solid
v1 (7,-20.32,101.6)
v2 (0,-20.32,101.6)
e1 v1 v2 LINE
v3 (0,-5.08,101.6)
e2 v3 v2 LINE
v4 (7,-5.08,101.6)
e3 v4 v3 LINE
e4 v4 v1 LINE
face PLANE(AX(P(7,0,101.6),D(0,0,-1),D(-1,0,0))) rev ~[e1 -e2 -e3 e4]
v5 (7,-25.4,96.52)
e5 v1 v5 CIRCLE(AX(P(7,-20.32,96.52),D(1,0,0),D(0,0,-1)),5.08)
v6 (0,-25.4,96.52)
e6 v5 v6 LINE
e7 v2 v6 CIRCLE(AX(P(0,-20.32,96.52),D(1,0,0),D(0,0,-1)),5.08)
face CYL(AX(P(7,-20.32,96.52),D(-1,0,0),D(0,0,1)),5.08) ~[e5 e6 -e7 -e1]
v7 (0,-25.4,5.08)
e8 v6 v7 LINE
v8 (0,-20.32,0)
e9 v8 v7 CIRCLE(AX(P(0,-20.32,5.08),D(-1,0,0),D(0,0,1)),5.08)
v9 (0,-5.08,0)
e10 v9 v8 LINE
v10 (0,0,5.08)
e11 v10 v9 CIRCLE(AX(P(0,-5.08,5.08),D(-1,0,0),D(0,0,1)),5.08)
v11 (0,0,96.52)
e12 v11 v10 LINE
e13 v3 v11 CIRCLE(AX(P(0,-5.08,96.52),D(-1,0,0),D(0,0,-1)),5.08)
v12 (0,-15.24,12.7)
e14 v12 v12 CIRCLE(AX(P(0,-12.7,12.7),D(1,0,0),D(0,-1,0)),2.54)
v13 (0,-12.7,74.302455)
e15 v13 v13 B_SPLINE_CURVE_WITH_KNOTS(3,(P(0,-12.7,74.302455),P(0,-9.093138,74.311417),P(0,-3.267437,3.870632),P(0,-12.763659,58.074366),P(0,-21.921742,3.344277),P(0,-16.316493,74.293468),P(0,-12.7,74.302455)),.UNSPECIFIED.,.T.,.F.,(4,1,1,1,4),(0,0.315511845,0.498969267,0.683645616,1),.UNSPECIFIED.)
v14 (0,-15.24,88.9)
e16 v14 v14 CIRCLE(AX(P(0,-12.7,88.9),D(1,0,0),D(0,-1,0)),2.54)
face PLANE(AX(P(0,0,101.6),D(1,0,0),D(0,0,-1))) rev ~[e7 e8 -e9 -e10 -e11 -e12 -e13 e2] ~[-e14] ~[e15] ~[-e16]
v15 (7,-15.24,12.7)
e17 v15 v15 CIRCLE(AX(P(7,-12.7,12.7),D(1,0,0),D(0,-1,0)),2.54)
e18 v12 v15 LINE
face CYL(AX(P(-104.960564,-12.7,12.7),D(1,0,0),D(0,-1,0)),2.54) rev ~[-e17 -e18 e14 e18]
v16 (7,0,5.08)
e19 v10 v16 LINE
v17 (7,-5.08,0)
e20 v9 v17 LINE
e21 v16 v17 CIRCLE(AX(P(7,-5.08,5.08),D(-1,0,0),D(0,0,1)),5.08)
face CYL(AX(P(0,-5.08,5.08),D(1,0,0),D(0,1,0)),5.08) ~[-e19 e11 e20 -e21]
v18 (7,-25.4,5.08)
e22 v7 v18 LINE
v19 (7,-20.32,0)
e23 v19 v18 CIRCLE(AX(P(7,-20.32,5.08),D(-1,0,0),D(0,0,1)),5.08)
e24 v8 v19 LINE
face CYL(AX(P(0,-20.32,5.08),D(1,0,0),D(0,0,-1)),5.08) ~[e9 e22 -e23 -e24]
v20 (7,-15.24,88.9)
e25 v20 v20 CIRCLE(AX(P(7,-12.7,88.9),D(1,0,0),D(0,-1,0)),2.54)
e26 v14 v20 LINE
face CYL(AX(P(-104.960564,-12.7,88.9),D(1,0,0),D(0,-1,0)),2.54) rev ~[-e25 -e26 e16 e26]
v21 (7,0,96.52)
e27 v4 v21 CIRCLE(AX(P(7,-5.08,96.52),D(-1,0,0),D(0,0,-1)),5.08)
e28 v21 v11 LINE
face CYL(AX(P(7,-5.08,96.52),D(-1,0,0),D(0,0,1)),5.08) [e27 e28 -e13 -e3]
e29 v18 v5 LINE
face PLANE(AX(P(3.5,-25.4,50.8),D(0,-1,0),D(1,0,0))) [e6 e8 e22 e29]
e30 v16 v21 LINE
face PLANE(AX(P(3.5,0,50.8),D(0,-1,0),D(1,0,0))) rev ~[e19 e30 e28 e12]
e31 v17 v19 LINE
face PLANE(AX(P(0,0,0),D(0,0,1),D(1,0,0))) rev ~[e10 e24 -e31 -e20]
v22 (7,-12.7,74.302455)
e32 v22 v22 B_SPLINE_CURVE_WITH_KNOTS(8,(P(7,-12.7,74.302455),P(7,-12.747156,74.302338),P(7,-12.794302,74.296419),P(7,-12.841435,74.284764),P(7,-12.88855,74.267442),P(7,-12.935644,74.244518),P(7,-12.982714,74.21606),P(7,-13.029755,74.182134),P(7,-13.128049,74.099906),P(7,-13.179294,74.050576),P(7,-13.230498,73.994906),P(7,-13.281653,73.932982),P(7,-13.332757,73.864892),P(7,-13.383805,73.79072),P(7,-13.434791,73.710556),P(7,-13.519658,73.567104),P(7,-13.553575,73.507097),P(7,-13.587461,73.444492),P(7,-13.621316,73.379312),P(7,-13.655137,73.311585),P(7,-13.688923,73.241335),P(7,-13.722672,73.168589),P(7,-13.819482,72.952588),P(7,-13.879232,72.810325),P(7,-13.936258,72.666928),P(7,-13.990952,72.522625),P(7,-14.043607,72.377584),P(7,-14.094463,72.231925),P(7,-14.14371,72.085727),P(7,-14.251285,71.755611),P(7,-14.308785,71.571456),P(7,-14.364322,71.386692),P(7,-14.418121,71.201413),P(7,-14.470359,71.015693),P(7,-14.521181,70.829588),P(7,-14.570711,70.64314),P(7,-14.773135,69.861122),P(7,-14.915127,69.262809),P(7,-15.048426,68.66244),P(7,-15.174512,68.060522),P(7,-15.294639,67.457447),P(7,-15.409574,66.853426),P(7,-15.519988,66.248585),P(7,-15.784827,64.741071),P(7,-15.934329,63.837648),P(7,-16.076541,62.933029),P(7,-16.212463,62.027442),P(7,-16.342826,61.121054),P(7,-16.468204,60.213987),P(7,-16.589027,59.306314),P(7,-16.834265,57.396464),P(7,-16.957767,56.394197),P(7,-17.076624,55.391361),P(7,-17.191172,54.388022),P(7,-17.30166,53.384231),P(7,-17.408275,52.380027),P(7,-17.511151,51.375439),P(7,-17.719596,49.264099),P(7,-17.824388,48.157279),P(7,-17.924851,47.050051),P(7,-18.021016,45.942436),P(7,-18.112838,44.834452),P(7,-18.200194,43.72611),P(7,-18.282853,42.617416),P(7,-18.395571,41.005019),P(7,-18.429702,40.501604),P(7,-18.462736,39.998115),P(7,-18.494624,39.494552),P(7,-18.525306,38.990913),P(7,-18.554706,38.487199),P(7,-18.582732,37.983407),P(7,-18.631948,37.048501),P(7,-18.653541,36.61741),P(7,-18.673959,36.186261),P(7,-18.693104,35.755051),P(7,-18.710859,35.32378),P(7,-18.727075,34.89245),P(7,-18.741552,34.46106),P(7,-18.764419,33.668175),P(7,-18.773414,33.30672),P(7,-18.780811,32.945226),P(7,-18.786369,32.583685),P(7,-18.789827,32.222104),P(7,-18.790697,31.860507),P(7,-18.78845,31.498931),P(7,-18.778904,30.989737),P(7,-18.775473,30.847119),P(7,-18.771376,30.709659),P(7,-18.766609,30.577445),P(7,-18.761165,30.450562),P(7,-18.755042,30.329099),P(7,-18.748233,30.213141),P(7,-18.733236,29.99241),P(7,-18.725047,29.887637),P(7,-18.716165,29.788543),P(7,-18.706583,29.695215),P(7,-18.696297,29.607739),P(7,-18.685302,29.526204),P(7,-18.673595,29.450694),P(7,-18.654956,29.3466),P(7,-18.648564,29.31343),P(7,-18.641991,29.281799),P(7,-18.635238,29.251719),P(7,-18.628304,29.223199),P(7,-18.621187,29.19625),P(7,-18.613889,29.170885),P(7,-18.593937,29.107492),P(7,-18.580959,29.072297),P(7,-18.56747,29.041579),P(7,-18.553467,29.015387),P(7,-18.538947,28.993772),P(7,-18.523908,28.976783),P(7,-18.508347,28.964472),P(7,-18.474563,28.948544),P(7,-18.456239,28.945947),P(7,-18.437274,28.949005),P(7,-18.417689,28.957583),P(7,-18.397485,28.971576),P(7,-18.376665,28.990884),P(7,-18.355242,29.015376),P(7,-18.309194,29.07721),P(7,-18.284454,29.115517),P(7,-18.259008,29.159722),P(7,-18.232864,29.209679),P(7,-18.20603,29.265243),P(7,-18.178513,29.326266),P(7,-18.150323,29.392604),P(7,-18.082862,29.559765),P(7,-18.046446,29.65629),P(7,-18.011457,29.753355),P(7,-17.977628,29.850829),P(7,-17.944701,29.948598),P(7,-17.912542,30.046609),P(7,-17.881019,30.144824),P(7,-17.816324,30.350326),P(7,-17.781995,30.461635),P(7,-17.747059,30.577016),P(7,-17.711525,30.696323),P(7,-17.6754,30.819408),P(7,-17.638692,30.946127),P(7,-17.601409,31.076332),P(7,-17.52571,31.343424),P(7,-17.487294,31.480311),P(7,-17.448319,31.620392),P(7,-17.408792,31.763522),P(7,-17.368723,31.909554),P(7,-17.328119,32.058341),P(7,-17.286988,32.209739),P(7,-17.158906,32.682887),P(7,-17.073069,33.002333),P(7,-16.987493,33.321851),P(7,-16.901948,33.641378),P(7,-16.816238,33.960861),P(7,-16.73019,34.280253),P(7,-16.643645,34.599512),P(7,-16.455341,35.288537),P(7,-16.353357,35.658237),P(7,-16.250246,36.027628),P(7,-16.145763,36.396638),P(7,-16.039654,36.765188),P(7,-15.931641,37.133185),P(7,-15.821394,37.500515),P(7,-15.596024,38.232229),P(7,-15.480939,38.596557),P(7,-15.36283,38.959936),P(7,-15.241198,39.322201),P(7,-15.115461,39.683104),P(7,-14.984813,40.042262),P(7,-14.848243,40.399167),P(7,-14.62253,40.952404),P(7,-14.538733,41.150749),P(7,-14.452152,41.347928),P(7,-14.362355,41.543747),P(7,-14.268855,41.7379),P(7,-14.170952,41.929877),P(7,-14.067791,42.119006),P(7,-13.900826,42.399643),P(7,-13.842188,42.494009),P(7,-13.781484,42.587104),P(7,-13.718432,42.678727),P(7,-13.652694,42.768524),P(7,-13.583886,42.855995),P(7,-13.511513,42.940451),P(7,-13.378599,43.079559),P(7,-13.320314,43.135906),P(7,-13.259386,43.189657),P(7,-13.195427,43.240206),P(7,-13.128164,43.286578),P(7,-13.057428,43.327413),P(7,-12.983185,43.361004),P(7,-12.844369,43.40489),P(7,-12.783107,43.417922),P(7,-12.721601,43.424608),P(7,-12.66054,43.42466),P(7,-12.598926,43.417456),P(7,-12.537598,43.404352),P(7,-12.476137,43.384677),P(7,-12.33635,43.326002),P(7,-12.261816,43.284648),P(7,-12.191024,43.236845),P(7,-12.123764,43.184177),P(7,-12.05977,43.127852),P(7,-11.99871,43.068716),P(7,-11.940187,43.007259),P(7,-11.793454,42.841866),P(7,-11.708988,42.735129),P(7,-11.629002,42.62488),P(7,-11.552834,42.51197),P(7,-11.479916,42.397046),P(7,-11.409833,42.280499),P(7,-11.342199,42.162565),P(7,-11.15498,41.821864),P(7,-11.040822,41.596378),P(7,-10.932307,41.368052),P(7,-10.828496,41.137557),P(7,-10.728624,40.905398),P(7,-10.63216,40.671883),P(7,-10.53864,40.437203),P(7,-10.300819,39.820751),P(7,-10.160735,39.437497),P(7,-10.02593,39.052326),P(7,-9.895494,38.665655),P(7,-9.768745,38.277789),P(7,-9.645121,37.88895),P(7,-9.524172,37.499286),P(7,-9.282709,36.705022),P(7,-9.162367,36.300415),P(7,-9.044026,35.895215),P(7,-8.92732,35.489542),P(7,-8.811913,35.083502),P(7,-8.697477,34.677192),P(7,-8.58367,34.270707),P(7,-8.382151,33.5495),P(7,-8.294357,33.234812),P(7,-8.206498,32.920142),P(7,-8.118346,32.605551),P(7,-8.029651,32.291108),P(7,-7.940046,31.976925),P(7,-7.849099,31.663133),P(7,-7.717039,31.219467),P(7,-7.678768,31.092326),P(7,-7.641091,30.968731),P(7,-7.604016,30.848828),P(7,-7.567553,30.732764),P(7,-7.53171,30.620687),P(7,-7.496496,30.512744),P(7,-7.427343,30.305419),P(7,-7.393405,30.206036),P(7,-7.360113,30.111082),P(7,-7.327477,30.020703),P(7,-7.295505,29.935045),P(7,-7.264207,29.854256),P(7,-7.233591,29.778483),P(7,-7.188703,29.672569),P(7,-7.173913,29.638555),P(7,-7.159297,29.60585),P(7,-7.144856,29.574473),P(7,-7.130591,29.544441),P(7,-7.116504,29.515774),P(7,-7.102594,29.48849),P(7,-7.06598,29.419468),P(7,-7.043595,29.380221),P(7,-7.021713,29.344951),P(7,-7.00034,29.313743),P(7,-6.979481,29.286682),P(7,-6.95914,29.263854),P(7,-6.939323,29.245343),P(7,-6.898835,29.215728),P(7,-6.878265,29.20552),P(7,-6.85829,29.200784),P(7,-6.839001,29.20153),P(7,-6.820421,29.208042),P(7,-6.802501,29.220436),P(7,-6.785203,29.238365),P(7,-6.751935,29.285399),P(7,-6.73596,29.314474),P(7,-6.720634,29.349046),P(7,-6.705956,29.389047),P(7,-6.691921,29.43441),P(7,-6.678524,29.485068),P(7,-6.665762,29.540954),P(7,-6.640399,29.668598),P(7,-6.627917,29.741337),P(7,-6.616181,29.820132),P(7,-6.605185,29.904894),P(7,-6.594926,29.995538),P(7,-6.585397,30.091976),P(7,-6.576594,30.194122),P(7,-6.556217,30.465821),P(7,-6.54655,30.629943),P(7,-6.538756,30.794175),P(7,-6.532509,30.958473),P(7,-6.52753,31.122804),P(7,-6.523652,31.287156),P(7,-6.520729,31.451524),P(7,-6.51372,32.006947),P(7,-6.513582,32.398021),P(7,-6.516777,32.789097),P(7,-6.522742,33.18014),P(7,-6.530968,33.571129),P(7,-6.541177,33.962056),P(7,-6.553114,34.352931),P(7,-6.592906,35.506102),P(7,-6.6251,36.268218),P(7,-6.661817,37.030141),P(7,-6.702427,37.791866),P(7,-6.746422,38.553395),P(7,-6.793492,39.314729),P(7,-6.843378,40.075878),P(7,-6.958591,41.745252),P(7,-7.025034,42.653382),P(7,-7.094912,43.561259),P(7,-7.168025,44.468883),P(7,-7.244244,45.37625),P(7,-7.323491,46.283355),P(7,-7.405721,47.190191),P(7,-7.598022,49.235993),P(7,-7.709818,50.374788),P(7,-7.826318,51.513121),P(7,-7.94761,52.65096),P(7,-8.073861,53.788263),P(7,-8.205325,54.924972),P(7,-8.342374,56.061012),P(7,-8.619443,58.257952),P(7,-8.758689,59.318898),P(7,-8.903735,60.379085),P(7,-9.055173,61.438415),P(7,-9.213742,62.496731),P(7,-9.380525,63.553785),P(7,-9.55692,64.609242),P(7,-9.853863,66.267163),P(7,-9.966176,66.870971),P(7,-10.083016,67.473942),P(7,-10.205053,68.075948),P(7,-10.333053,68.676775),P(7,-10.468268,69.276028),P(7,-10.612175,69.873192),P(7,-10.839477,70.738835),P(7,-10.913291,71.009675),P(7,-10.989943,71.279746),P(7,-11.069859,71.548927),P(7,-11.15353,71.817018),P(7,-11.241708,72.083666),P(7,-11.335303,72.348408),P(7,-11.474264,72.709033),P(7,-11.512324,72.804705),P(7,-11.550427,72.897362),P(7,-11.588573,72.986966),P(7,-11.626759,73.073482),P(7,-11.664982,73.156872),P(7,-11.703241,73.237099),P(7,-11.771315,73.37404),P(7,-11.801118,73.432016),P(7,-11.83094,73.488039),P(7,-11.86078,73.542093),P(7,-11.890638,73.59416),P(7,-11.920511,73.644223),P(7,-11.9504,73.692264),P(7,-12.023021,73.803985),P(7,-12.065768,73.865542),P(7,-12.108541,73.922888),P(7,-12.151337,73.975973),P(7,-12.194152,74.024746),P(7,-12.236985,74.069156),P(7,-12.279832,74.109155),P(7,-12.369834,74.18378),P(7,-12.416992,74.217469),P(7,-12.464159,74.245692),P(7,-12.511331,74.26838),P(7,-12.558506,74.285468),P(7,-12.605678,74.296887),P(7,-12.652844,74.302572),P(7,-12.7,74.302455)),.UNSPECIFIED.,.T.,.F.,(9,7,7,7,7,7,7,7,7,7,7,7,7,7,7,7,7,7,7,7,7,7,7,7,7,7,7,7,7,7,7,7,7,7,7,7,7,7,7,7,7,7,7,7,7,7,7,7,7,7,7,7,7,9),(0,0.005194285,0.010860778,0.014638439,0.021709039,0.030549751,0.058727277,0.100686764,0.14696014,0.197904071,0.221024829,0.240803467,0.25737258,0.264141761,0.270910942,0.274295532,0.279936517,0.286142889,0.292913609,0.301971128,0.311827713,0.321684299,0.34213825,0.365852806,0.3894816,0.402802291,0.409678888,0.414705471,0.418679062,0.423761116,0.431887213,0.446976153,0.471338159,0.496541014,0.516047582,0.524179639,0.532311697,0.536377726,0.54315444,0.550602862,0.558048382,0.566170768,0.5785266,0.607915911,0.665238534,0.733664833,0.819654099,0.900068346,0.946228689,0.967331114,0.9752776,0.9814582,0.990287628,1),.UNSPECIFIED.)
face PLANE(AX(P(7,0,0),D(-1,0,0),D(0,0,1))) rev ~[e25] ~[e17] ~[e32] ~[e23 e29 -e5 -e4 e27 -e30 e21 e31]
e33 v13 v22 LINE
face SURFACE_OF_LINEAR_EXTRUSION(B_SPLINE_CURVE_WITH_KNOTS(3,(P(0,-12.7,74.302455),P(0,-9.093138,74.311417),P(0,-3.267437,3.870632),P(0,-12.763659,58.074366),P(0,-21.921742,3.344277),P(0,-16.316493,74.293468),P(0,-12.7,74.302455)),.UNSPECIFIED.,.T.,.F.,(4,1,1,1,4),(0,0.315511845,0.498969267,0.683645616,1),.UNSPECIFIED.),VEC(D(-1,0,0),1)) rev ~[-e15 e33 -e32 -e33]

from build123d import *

# Parameters (mm, degrees)
F1_DEPTH = 25.4
F3_D     = 5.08
F2_R     = 2.4252115648
F4_DEPTH = 7.001
F5_D     = 5.08
F6_R     = 5.08
F7_R     = 5.08


with BuildPart() as f1:
    # F0 (on Front) → F1 (new body)
    with BuildSketch(Plane.XZ):
        Polygon((7, 101.6), (0, 101.6), (0, 0), (7, 0), (7, 3.6533342209), align=None)
    extrude(amount=F1_DEPTH)

    # F3 (through all)
    with Locations(Plane(origin=(0, 0, 0), x_dir=(0, 1, 0), z_dir=(-1, 0, 0))):
        with Locations((-12.7, -88.9)):
            Hole(F3_D / 2)

    # F2 (on Right) → F4 (cut, through all)
    with BuildSketch(Plane.YZ):
        with Locations((-12.7, 88.9)):
            Circle(F2_R)
        with BuildLine():
            add(Edge.make_bspline(
                [(-12.7, 74.3024547756), (-9.0931384906, 74.3114171346), (-3.2674369503, 3.8706315676), (-12.7636589757, 58.0743659318), (-21.9217417349, 3.344276822), (-16.3164932292, 74.2934684836), (-12.7, 74.3024547756)],
                knots=[0, 0, 0, 0, 0.3155118447, 0.4989692674, 0.6836456163, 1, 1, 1, 1], degree=3))
        make_face()
    extrude(amount=F4_DEPTH, mode=Mode.SUBTRACT)

    # F5 (through all)
    with Locations(Plane(origin=(0, 0, 0), x_dir=(0, 1, 0), z_dir=(-1, 0, 0))):
        with Locations((-12.7, -12.7)):
            Hole(F5_D / 2)

    # F6
    f6_edges = [f1.edges().sort_by_distance(p)[0] for p in [
        (3.5, -25.4, 101.6),
        (3.5, 0, 101.6),
    ]]
    fillet(f6_edges, radius=F6_R)

    # F7
    f7_edges = [f1.edges().sort_by_distance(p)[0] for p in [
        (3.5, -25.4, 0),
        (3.5, 0, 0),
    ]]
    fillet(f7_edges, radius=F7_R)


solid = f1.part
